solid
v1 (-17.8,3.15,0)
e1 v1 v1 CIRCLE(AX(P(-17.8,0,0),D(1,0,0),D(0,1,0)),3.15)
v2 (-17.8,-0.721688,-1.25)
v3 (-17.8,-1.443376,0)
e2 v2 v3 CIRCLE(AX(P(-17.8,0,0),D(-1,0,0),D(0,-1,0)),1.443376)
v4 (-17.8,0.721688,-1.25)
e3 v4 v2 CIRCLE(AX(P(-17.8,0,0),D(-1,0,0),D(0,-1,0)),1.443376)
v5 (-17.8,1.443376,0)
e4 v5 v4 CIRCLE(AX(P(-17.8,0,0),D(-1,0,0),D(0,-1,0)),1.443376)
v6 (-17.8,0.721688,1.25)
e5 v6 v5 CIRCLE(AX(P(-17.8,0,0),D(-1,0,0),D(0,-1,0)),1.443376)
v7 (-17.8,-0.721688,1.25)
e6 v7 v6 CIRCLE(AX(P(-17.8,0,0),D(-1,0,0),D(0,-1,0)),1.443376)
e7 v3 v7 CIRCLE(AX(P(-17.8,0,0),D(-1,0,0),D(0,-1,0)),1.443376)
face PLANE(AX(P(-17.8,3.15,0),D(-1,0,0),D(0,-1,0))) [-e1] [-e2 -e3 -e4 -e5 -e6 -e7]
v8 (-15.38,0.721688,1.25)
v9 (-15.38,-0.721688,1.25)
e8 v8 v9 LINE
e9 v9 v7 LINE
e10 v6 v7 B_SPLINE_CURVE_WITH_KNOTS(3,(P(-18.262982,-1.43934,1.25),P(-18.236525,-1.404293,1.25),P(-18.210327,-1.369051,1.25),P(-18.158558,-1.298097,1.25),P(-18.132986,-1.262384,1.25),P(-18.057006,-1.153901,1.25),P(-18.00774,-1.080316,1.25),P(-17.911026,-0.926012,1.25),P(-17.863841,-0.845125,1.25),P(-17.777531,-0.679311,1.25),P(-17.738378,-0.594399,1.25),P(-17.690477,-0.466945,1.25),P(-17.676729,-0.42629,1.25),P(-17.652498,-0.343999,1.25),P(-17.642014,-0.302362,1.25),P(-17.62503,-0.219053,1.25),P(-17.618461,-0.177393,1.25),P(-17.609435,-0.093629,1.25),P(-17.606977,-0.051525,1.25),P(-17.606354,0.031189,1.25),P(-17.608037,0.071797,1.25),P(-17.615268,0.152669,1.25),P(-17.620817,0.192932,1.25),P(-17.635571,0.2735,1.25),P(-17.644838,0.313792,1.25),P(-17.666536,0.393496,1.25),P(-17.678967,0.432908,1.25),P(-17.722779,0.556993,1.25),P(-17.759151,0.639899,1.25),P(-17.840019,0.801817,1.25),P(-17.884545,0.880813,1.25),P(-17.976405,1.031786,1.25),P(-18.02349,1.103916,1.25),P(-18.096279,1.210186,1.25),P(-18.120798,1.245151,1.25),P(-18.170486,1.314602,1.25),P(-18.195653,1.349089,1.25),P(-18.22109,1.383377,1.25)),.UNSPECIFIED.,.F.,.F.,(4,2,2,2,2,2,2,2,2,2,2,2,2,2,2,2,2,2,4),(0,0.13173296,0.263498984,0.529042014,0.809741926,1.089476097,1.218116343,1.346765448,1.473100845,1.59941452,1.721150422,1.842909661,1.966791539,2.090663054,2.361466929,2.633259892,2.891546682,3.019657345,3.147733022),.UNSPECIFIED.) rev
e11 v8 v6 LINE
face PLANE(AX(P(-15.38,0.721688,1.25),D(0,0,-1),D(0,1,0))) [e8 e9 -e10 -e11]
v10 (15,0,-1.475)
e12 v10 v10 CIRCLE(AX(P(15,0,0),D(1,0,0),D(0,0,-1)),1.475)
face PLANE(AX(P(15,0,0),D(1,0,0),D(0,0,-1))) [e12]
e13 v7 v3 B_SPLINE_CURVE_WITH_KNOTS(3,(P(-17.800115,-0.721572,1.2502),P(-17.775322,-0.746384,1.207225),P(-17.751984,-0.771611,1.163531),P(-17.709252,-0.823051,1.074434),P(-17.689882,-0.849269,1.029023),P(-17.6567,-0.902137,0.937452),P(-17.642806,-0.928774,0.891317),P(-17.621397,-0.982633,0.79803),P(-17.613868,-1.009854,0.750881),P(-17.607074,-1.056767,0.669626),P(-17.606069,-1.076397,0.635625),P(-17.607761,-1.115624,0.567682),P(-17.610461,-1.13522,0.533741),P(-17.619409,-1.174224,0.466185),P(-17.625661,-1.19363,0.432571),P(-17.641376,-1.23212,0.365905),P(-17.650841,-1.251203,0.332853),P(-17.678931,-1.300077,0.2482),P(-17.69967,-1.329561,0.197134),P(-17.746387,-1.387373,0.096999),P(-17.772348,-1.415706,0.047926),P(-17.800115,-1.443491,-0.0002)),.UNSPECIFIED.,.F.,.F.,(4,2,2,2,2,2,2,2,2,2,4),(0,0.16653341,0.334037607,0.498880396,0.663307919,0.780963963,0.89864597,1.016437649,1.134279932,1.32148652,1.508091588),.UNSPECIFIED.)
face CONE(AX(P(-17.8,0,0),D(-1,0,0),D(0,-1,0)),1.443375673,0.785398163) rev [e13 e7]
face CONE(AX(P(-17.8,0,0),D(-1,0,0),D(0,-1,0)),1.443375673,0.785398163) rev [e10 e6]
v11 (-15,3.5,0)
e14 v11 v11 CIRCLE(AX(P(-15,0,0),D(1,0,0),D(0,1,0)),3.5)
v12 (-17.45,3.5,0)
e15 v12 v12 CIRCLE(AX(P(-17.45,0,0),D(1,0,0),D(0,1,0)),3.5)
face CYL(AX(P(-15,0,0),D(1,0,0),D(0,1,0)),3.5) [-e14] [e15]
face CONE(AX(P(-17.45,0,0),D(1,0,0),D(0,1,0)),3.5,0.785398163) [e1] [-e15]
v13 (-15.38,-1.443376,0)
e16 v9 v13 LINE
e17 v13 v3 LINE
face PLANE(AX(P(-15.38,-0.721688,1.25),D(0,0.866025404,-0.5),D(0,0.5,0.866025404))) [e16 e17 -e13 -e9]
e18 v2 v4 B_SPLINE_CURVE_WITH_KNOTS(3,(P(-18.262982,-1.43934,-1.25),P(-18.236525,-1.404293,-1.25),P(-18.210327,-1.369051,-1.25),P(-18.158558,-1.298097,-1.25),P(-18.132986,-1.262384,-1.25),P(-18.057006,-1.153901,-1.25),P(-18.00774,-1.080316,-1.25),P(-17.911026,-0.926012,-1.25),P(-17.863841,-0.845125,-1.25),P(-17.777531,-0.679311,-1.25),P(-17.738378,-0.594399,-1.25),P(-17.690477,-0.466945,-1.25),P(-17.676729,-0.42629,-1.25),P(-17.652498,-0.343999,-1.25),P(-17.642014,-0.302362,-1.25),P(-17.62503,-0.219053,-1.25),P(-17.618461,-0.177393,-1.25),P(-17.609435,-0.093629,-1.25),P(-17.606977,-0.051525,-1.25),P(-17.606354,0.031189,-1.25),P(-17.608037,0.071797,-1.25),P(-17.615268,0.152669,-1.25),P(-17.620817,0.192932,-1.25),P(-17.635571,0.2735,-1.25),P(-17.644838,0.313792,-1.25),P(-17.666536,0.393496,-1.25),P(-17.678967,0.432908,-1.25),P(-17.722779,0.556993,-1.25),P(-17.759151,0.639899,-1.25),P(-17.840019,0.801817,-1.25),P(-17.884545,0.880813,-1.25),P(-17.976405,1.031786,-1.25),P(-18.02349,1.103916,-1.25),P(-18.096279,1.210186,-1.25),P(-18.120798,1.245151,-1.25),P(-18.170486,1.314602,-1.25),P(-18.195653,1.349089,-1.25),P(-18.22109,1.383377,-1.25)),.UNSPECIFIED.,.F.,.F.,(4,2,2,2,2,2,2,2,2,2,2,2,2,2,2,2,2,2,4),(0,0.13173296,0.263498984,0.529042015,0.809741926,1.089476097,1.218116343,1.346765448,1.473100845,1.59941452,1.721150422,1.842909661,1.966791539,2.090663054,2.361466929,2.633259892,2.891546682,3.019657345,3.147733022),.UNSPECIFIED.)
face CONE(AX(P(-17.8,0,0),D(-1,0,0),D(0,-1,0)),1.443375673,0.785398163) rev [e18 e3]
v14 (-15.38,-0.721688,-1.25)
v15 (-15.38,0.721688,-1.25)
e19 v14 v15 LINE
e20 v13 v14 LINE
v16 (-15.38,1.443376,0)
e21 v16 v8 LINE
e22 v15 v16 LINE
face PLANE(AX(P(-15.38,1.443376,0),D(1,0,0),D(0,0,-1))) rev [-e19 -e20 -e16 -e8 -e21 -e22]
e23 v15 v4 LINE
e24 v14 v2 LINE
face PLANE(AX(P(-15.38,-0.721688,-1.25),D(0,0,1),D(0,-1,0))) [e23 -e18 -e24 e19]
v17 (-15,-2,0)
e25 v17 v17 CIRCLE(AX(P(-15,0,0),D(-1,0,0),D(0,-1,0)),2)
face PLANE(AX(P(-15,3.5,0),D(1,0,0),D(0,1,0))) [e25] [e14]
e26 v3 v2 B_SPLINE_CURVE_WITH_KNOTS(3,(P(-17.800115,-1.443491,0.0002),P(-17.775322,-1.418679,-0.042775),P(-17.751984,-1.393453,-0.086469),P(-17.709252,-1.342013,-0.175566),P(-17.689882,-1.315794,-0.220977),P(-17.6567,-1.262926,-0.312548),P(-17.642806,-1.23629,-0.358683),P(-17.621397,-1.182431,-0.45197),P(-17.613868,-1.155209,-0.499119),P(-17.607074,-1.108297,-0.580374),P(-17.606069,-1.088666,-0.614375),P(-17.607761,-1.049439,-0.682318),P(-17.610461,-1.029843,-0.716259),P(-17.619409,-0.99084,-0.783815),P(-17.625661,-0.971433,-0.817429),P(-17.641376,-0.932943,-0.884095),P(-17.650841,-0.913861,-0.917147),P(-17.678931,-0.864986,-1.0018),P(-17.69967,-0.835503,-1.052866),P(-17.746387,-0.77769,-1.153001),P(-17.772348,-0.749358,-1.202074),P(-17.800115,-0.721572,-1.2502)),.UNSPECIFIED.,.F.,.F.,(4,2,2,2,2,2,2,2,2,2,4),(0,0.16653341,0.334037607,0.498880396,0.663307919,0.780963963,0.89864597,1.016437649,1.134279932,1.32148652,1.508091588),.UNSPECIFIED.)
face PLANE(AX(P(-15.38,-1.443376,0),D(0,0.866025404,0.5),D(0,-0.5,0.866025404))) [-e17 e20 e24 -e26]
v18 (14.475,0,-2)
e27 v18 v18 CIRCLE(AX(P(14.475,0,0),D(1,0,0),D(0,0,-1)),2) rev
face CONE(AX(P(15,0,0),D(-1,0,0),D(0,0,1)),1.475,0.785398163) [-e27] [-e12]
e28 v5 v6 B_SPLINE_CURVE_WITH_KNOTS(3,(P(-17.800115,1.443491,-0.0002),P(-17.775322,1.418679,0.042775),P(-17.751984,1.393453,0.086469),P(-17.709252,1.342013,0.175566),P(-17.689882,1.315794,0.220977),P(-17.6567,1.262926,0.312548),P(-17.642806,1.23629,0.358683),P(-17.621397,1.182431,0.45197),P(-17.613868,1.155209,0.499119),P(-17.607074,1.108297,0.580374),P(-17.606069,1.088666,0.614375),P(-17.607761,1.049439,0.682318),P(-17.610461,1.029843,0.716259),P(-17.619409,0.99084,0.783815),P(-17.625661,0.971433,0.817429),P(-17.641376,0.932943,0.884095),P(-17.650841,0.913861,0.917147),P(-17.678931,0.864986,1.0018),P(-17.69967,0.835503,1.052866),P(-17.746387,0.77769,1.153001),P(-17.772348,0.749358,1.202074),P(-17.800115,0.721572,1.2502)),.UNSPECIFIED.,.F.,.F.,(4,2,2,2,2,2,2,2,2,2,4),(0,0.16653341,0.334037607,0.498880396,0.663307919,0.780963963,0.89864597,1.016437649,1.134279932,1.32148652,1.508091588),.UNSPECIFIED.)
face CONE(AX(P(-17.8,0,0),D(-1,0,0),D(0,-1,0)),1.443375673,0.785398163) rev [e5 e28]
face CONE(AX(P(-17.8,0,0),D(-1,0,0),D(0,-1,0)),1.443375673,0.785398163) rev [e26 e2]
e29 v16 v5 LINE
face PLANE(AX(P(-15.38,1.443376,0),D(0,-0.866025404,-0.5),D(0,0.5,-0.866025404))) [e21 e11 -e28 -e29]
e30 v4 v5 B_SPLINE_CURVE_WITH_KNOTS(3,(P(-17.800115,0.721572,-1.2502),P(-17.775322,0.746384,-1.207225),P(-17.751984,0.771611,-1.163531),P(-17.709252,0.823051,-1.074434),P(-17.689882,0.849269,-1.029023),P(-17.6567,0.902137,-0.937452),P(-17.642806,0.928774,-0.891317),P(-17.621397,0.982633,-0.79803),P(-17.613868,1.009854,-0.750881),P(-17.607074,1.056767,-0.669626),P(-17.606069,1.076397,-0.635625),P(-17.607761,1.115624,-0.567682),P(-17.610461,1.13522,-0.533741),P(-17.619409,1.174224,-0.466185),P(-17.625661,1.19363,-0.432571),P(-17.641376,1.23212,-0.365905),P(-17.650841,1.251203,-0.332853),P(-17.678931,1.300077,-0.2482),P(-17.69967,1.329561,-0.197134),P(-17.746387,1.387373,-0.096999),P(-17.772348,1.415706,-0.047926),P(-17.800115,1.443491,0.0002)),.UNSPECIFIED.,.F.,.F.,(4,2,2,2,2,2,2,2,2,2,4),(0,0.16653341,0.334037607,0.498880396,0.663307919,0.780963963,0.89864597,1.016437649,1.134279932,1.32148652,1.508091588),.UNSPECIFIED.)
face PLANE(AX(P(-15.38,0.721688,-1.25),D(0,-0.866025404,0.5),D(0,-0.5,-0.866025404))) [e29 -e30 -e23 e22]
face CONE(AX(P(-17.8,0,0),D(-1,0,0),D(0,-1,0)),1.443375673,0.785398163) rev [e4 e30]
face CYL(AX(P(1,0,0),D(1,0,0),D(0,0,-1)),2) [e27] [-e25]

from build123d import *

# Parameters (mm, degrees)
SKETCH2_R           = 2
BOSS_EXTRUDE1_DEPTH = 14
CHAMFER1_SIZE       = 0.525
CUT_EXTRUDE1_DEPTH  = 2.42


with BuildPart() as part:
    # Sketch2 → Boss-Extrude1 (new body)
    with BuildSketch(Plane(origin=(15, 0, 0), x_dir=(0, 0, -1), z_dir=(1, 0, 0))):
        Circle(SKETCH2_R)
    extrude(amount=-BOSS_EXTRUDE1_DEPTH)

    # Chamfer1
    chamfer1_edges = [part.edges().sort_by_distance(p)[0] for p in [
        (15, 0, 2),
    ]]
    chamfer(chamfer1_edges, length=CHAMFER1_SIZE)

    # Sketch10 → Revolve2 (revolve)
    with BuildSketch(Plane.XY, mode=Mode.PRIVATE) as revolve2_sk:
        Polygon((2.154700538, 0), (1, 2), (-15, 2), (-15, 0), align=None)
    revolve(revolve2_sk.sketch.rotate(Axis((-15, 0, 0), (1, 0, 0)), 270), axis=Axis((-15, 0, 0), (1, 0, 0)))

    # Sketch6 → Revolve1 (revolve)
    with BuildSketch(Plane.XY):
        Polygon((-17.45, 3.5), (-17.8, 3.15), (-17.8, 0), (-15, 0), (-15, 3.5), align=None)
    revolve(axis=Axis((-15, 0, 0), (-1, 0, 0)))

    # Sketch4 → Cut-Extrude1 (cut)
    with BuildSketch(Plane(origin=(-17.8, 0, 0), x_dir=(0, 0, -1), z_dir=(1, 0, 0))):
        Polygon((0, 1.443375673), (-1.25, 0.721687836), (-1.25, -0.721687836), (0, -1.443375673), (1.25, -0.721687836), (1.25, 0.721687836), align=None)
    extrude(amount=CUT_EXTRUDE1_DEPTH, mode=Mode.SUBTRACT)

    # Cut-Extrude2 cone 1 section (through the dimple's axis) → Cut-Extrude2 (revolve, cut)
    with BuildSketch(Plane(origin=(-17.8, 0, 0), x_dir=(0, 0, 1), z_dir=(0, 1, 0))):
        Polygon((0, 0), (1.443375673, 0), (0, 1.443375673), align=None)
    revolve(axis=Axis((-17.8, 0, 0), (1, 0, 0)), mode=Mode.SUBTRACT)


solid = part.part
